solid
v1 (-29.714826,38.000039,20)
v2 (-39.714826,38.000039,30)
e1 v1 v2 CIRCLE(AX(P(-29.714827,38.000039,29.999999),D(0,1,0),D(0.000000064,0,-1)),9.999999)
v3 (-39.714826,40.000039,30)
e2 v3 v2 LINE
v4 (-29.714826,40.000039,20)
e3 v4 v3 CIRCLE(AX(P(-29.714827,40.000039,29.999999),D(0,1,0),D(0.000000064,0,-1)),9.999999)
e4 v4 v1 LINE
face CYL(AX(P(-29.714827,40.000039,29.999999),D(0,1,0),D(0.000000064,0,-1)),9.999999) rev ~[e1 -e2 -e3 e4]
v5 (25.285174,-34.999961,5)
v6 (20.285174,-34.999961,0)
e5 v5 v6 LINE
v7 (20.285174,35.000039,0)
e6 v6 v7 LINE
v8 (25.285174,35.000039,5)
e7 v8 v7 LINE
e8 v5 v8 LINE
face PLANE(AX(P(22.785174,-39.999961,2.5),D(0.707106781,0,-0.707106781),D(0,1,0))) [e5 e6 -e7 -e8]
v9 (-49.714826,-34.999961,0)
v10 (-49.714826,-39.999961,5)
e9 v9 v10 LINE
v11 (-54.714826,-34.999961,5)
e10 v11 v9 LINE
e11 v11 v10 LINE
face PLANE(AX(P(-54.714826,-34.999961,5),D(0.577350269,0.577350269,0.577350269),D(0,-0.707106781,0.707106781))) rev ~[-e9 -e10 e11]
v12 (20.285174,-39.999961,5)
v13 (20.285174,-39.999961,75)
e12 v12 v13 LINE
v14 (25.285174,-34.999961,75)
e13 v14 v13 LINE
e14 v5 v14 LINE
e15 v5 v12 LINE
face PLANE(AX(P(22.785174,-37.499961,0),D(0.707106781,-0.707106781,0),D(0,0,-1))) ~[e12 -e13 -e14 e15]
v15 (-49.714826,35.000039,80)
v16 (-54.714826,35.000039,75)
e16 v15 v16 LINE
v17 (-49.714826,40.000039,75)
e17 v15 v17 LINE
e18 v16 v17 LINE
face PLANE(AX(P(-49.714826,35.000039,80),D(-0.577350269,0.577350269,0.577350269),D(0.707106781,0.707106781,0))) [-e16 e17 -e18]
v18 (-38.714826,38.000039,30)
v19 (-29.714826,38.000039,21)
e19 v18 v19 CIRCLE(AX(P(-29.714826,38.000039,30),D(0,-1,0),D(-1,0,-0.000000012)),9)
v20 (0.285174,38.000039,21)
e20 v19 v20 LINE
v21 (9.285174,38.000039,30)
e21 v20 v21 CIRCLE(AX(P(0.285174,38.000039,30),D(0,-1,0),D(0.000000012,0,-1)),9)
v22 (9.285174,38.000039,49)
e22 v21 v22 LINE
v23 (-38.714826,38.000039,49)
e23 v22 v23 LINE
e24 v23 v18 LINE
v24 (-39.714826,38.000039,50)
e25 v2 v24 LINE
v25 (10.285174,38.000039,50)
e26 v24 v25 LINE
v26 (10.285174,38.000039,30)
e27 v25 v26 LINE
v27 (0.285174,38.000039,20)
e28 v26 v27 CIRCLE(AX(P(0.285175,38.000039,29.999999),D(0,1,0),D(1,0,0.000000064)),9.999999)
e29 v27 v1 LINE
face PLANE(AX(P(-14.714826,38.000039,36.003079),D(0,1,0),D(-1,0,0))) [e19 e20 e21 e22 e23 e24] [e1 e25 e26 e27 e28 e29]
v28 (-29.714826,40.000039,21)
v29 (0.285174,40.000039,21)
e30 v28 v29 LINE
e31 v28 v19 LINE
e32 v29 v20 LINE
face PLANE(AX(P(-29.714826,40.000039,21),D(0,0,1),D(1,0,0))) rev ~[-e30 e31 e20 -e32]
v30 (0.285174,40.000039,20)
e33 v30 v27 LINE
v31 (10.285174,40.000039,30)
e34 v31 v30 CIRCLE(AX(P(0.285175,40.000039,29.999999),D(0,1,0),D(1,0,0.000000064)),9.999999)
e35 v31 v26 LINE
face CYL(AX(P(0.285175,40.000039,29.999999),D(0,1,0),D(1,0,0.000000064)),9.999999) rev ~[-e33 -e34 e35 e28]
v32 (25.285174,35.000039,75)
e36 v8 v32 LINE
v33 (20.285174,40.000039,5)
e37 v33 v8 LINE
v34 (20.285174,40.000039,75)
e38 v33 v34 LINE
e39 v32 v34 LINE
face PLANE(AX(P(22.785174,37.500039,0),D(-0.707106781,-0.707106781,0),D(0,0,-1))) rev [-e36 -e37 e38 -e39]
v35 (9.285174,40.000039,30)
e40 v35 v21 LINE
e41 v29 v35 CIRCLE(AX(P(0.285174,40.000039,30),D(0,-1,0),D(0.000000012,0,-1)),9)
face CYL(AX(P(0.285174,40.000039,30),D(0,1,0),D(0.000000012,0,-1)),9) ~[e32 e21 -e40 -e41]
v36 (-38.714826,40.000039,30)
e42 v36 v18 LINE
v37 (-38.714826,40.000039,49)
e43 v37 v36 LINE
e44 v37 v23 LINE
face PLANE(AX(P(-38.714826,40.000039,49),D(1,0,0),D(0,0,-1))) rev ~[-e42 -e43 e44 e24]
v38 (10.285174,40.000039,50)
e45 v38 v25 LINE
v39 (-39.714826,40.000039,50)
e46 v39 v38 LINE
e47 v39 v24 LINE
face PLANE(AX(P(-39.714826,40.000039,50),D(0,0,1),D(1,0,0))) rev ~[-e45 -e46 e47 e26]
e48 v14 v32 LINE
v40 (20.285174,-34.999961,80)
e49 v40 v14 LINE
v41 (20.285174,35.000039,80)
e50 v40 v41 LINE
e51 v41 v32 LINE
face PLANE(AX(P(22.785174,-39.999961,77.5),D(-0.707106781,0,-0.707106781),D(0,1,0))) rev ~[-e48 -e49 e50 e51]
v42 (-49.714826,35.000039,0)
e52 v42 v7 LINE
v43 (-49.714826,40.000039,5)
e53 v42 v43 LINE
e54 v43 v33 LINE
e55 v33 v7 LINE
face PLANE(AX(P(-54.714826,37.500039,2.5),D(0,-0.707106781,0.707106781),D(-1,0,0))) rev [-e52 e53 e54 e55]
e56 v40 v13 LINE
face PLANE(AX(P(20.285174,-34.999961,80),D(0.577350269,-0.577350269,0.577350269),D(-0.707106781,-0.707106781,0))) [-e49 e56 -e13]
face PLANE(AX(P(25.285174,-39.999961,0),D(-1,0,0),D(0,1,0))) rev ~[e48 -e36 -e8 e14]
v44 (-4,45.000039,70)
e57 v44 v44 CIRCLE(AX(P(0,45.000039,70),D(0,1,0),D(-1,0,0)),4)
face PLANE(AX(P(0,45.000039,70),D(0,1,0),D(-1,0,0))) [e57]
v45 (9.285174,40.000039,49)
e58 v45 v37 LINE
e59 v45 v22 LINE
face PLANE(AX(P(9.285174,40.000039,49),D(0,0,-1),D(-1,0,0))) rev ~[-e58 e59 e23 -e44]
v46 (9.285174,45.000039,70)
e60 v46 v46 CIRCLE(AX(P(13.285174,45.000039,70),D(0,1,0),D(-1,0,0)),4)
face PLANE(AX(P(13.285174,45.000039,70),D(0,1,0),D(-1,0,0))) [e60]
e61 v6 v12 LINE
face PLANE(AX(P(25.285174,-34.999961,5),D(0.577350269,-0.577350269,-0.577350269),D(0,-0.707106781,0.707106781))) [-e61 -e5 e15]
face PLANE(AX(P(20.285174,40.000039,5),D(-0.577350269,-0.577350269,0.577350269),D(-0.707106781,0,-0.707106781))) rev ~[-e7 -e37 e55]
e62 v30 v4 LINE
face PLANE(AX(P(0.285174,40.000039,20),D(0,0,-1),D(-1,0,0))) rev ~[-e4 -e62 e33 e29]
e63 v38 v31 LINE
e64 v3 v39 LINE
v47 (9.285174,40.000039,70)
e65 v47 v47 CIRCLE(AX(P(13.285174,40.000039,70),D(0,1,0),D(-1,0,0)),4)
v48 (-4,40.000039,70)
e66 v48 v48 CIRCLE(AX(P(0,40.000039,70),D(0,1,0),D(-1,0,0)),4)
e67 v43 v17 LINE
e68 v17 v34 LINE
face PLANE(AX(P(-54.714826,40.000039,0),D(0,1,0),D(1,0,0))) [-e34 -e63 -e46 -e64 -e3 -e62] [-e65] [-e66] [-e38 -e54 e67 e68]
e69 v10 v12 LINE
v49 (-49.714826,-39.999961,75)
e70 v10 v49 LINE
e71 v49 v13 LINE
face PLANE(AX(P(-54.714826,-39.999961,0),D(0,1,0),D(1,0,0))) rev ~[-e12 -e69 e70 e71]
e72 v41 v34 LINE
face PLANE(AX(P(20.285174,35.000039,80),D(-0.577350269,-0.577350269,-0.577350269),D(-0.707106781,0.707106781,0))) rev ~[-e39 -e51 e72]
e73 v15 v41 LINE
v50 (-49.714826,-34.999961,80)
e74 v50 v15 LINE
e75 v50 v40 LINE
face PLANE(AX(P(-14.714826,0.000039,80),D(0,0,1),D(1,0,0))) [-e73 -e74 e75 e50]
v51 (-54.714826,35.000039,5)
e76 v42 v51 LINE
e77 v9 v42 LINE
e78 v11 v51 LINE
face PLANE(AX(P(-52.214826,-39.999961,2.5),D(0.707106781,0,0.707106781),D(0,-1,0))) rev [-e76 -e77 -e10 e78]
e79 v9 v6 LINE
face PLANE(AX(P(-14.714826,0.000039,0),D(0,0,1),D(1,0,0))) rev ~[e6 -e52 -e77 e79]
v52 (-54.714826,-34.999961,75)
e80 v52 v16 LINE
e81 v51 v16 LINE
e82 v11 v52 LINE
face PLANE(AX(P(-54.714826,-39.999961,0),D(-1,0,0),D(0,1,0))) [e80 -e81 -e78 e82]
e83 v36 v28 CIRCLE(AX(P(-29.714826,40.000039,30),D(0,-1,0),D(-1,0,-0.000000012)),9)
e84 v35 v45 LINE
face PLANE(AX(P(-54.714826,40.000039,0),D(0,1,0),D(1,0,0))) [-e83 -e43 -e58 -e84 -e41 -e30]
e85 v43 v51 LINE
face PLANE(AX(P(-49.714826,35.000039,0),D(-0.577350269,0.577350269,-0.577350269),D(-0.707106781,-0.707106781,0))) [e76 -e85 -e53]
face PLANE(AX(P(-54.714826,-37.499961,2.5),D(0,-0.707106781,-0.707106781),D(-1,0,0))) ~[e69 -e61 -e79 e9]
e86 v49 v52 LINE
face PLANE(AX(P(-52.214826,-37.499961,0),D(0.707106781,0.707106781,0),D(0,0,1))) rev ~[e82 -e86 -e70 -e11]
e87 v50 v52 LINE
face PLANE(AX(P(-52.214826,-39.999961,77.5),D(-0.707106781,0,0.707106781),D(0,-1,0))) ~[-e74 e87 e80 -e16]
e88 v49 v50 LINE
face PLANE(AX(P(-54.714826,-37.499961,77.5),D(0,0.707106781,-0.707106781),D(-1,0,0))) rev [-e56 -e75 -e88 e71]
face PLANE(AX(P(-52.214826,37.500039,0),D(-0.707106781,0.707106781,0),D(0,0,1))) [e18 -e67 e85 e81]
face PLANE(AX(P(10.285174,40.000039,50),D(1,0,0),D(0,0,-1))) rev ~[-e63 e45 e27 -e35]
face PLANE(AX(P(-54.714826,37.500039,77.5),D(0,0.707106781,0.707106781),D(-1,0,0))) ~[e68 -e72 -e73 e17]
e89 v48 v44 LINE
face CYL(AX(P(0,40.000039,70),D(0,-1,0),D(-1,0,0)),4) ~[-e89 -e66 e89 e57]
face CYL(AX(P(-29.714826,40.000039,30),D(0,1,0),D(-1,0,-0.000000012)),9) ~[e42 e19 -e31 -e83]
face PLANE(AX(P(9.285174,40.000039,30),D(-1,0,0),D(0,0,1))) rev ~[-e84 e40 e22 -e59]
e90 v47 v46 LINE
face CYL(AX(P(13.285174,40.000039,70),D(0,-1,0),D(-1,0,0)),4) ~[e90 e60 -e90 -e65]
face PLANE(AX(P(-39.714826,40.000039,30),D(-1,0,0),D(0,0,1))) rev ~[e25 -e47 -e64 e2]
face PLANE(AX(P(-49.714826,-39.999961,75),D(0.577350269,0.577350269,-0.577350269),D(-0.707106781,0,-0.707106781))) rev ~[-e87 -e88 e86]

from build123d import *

# Parameters (mm, degrees)
F0_W     = 80
F0_H     = 80
F1_DEPTH = 80
F2_R     = 4
F3_DEPTH = 5
F5_DEPTH = 2
F6_SIZE  = 5


with BuildPart() as f1:
    # F0 (on Top) → F1 (new body)
    with BuildSketch(Plane.XY):
        with Locations((-14.714826, 3.9e-05)):
            Rectangle(F0_W, F0_H)
    extrude(amount=F1_DEPTH)

    # F2 (on face) → F3 (join)
    with BuildSketch(Plane(origin=(0, 40.000039, 0), x_dir=(-1, 0, 0), z_dir=(0, 1, 0))):
        with Locations((0, 70)):
            Circle(F2_R)
        with Locations((-13.285174, 70)):
            Circle(F2_R)
    extrude(amount=F3_DEPTH)

    # F4 (on face) → F5 (cut)
    with BuildSketch(Plane(origin=(0, 40.000039, 0), x_dir=(-1, 0, 0), z_dir=(0, 1, 0))):
        with BuildLine():
            Line((39.714826, 50), (-10.285174, 50))
            Line((-10.285174, 50), (-10.285174, 30))
            ThreePointArc((-10.285174, 30), (-7.356242, 22.928932), (-0.285174, 20))
            Line((-0.285174, 20), (29.714826, 20))
            ThreePointArc((29.714826, 20), (36.785894, 22.928932), (39.714826, 30))
            Line((39.714826, 30), (39.714826, 50))
        make_face()
        with BuildLine():
            Line((-9.285174, 30), (-9.285174, 49))
            Line((-9.285174, 49), (38.714826, 49))
            Line((38.714826, 49), (38.714826, 30))
            ThreePointArc((38.714826, 30), (36.078787, 23.636039), (29.714826, 21))
            Line((29.714826, 21), (-0.285174, 21))
            ThreePointArc((-0.285174, 21), (-6.649135, 23.636039), (-9.285174, 30))
        make_face(mode=Mode.SUBTRACT)
    extrude(amount=-F5_DEPTH, mode=Mode.SUBTRACT)

    # F6
    f6_edges = [f1.edges().sort_by_distance(p)[0] for p in [
        (-14.714826, -39.999961, 0),
        (25.285174, 3.9e-05, 0),
        (25.285174, -39.999961, 40),
        (25.285174, 40.000039, 40),
        (25.285174, 3.9e-05, 80),
        (-54.714826, 40.000039, 40),
        (-14.714826, 40.000039, 0),
        (-54.714826, 3.9e-05, 0),
        (-54.714826, 3.9e-05, 80),
        (-14.714826, 40.000039, 80),
        (-14.714826, -39.999961, 80),
        (-54.714826, -39.999961, 40),
    ]]
    chamfer(f6_edges, length=F6_SIZE)


solid = f1.part
